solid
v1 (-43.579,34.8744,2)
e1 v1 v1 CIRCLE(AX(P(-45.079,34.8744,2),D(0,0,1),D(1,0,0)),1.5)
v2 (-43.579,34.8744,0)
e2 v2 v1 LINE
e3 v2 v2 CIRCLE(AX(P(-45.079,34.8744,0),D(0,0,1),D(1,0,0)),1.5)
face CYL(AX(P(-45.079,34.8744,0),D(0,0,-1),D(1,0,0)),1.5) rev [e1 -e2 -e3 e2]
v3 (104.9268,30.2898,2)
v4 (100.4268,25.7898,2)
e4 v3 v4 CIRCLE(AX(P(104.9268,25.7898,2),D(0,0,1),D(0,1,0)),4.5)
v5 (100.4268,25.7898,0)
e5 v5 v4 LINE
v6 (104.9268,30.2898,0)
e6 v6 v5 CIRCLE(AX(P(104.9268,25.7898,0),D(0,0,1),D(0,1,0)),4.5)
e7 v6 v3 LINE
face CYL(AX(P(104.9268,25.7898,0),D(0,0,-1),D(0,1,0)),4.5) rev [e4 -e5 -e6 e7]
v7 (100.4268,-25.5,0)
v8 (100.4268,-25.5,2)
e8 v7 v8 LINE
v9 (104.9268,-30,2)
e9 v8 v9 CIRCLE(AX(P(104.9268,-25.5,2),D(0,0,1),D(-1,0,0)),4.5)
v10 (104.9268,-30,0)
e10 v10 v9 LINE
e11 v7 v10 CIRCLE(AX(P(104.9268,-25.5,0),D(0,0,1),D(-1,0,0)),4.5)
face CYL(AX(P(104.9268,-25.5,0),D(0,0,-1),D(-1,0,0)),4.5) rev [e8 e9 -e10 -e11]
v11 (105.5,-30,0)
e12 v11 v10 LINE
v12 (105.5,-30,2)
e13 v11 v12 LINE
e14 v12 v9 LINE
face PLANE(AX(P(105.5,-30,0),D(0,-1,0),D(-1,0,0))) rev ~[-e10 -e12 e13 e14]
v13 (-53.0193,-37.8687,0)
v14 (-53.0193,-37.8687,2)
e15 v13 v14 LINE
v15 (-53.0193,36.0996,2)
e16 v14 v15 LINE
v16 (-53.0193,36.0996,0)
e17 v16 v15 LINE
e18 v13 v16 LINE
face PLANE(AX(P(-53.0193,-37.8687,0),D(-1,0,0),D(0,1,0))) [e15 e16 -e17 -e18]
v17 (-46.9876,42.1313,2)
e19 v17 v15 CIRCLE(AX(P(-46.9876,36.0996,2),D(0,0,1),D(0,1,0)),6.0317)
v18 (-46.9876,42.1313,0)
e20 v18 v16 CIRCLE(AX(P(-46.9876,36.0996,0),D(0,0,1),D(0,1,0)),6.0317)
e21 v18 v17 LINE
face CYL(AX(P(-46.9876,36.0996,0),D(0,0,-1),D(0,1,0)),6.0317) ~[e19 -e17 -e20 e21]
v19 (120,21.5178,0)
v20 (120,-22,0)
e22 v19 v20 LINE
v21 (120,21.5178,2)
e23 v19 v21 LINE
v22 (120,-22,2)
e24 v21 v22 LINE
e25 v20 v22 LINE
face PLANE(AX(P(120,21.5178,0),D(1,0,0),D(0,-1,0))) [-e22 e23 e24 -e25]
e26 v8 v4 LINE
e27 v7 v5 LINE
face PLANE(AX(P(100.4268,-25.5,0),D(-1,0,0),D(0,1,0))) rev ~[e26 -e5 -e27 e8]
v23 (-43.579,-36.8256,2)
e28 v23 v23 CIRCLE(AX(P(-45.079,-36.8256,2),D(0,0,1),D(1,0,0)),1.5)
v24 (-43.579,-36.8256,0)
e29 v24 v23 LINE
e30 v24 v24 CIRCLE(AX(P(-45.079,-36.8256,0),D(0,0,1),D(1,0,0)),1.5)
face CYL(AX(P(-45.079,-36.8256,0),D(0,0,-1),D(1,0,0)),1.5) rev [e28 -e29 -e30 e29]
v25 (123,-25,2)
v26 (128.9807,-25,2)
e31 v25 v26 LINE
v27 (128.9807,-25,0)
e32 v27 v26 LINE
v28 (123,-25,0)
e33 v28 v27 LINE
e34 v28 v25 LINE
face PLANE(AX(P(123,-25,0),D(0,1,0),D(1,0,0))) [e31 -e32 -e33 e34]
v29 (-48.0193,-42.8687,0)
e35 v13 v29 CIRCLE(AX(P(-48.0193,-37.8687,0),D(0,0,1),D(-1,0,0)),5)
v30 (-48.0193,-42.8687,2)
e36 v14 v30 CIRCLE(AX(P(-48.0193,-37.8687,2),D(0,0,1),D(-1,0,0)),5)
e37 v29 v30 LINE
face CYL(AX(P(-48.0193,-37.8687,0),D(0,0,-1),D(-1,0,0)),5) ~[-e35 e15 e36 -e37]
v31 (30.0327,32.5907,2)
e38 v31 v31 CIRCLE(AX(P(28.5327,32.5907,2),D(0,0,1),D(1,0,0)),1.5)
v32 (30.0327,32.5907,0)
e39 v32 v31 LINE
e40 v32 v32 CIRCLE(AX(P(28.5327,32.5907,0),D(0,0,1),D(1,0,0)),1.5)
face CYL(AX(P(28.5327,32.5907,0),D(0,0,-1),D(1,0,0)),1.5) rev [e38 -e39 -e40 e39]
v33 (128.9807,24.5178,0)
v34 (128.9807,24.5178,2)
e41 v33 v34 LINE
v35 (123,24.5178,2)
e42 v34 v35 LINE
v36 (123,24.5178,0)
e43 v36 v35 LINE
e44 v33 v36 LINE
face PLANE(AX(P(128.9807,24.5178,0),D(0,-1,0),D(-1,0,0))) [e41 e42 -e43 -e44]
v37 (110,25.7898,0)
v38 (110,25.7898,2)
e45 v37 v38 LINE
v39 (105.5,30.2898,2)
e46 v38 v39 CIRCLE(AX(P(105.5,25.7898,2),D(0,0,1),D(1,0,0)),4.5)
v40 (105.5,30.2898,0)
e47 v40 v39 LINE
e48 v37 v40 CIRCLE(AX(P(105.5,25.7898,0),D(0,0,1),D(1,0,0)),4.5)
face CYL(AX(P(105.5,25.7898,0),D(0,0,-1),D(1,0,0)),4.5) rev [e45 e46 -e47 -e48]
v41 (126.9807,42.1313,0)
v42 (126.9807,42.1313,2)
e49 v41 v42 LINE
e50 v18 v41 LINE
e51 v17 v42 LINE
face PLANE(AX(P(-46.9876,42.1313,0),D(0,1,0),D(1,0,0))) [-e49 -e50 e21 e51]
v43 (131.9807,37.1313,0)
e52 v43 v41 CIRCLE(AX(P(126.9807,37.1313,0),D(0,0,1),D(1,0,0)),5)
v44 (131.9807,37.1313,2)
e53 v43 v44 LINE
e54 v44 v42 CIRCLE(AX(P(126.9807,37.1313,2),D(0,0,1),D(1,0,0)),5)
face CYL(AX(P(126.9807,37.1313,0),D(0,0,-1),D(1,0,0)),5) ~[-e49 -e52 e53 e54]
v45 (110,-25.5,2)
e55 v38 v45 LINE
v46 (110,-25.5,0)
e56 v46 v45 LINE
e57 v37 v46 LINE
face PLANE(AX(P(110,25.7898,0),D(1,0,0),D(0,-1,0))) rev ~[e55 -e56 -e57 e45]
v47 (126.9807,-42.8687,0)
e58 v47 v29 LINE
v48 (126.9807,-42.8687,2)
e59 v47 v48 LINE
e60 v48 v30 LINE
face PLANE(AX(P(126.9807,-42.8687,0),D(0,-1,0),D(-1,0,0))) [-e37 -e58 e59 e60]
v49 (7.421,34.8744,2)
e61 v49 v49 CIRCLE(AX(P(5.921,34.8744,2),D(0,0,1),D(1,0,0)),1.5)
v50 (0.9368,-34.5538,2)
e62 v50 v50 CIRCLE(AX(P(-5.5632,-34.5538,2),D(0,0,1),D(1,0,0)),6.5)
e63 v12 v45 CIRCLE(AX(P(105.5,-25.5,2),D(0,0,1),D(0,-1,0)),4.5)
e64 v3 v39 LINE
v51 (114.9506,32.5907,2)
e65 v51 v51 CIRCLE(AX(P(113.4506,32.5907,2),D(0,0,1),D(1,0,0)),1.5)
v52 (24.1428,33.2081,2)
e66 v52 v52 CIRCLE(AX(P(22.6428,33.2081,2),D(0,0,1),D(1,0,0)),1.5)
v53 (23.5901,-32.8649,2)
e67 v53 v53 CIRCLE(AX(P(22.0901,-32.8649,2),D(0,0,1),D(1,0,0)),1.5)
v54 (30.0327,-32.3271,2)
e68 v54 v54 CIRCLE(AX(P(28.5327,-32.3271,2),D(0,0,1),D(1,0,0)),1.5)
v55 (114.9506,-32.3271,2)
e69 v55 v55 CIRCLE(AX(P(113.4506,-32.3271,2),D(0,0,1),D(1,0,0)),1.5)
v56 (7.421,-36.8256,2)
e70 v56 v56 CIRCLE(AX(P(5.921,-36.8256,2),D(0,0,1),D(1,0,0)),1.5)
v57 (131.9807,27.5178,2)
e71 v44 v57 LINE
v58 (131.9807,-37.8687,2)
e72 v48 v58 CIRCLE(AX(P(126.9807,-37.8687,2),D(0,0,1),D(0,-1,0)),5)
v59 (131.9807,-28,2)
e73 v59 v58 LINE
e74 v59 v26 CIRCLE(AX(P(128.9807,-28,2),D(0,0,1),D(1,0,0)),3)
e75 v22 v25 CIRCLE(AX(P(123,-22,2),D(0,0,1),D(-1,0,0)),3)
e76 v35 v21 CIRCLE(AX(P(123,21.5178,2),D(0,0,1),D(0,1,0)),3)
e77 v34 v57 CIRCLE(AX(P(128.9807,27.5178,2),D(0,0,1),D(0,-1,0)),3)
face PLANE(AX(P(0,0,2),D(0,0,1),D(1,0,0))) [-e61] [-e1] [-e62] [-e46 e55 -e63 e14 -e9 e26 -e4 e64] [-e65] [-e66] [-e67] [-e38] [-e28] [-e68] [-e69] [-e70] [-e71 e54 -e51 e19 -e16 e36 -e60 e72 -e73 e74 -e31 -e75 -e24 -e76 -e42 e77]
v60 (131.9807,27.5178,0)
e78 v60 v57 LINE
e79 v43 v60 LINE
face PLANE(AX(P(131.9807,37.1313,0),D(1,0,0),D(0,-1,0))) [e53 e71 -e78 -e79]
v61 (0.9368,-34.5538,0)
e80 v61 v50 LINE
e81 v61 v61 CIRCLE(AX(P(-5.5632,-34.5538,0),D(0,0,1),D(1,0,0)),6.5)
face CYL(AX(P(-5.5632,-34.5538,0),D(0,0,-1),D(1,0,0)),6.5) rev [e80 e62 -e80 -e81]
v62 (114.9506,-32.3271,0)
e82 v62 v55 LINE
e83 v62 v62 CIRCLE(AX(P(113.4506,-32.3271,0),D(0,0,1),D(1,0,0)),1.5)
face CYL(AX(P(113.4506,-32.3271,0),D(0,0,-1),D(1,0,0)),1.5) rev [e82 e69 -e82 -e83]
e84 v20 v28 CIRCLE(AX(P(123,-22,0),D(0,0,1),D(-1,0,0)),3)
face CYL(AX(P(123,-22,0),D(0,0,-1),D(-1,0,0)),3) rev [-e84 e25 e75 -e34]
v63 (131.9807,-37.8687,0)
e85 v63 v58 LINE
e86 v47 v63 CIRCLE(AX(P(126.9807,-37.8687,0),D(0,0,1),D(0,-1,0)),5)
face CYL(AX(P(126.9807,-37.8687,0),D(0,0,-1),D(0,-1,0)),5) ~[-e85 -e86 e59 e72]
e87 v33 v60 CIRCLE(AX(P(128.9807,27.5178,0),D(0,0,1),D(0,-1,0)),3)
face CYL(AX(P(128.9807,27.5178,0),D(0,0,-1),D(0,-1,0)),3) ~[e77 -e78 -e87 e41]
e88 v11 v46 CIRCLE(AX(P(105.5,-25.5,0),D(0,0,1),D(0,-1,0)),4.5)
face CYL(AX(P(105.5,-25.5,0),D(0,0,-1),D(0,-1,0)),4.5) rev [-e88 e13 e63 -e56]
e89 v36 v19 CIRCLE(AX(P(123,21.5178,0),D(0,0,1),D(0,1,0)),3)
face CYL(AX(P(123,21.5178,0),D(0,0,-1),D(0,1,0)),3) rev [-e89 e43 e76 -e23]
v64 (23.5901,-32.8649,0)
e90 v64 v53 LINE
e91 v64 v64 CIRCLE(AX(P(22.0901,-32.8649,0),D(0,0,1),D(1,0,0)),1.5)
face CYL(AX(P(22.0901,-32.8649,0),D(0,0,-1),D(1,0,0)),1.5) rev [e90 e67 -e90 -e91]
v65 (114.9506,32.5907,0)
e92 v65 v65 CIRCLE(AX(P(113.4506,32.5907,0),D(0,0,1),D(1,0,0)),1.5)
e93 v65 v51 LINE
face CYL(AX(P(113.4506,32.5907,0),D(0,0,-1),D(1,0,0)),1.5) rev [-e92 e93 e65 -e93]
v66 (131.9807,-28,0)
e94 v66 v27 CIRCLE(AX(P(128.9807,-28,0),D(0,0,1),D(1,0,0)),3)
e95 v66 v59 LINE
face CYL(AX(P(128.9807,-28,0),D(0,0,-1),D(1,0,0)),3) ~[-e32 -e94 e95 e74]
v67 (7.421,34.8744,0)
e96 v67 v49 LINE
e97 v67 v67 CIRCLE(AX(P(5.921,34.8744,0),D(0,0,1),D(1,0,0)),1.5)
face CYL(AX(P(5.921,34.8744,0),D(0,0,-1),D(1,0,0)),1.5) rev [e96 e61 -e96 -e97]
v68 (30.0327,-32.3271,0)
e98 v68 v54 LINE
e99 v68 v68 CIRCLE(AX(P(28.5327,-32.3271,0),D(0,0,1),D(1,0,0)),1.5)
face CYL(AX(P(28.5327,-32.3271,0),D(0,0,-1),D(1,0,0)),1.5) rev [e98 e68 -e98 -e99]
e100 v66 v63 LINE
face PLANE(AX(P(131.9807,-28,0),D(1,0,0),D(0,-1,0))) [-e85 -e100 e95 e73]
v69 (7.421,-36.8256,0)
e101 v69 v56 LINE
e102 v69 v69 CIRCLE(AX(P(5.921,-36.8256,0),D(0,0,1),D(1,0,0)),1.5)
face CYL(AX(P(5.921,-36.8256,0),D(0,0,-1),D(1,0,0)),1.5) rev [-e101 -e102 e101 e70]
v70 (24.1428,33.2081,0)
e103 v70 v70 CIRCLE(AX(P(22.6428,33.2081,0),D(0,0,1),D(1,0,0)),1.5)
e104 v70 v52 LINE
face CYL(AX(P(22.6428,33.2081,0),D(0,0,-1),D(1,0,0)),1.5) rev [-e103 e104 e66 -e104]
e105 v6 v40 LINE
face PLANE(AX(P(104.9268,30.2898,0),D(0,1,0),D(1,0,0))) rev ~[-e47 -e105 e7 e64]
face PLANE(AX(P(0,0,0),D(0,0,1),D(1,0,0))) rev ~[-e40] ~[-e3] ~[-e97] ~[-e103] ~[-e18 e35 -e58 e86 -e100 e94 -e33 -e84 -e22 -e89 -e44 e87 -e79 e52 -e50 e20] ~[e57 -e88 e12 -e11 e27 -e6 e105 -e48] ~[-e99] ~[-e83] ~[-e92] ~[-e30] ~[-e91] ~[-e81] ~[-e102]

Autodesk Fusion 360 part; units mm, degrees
sketch "Sketch1" plane through (0, 0, 0) normal (0, 0, 1) x (1, 0, 0)
  line L0 (-46.9876, 42.1313) -> (126.9807, 42.1313)
  line L1 (126.9807, -42.8687) -> (-48.0193, -42.8687)
  line L2 (-53.0193, -37.8687) -> (-53.0193, 36.0996)
  arc A0 (-46.9876, 42.1313) -> (-53.0193, 36.0996) centre (-46.9876, 36.0996) ccw
  circle A1 centre (22.0901, -32.8649) radius 1.5
  circle A2 centre (22.6428, 33.2081) radius 1.5
  line L3 (51.8879, 20.2448) -> (51.8879, 20.5459)
  arc A3 (131.9807, 37.1313) -> (126.9807, 42.1313) centre (126.9807, 37.1313) ccw
  arc A4 (126.9807, -42.8687) -> (131.9807, -37.8687) centre (126.9807, -37.8687) ccw
  circle A5 centre (-45.079, 34.8744) radius 1.5
  circle A6 centre (5.921, 34.8744) radius 1.5
  circle A7 centre (-45.079, -36.8256) radius 1.5
  circle A8 centre (5.921, -36.8256) radius 1.5
  arc A9 (-53.0193, -37.8687) -> (-48.0193, -42.8687) centre (-48.0193, -37.8687) ccw
  line L4 (104.9268, 30.2898) -> (105.5, 30.2898)
  line L5 (110, 25.7898) -> (110, -25.5)
  line L6 (105.5, -30) -> (104.9268, -30)
  line L7 (100.4268, -25.5) -> (100.4268, 25.7898)
  arc A10 (104.9268, 30.2898) -> (100.4268, 25.7898) centre (104.9268, 25.7898) ccw
  arc A11 (110, 25.7898) -> (105.5, 30.2898) centre (105.5, 25.7898) ccw
  arc A12 (100.4268, -25.5) -> (104.9268, -30) centre (104.9268, -25.5) ccw
  arc A13 (105.5, -30) -> (110, -25.5) centre (105.5, -25.5) ccw
  line L8 (128.9807, 24.5178) -> (123, 24.5178)
  line L9 (120, 21.5178) -> (120, -22)
  line L10 (123, -25) -> (128.9807, -25)
  line L11 (131.9807, 37.1313) -> (131.9807, 27.5178)
  line L12 (131.9807, -28) -> (131.9807, -37.8687)
  arc A14 (128.9807, 24.5178) -> (131.9807, 27.5178) centre (128.9807, 27.5178) ccw
  arc A15 (123, 24.5178) -> (120, 21.5178) centre (123, 21.5178) ccw
  arc A16 (120, -22) -> (123, -25) centre (123, -22) ccw
  arc A17 (131.9807, -28) -> (128.9807, -25) centre (128.9807, -28) ccw
  circle A18 centre (-5.5632, -34.5538) radius 6.5
  circle A19 centre (113.4506, 32.5907) radius 1.5
  circle A20 centre (113.4506, -32.3271) radius 1.5
  circle A21 centre (28.5327, -32.3271) radius 1.5
  circle A22 centre (28.5327, 32.5907) radius 1.5
  point P0 (-53.0193, 42.1313)
  point P1 (114.0401, 42.1313)
  point P2 (-53.0193, -42.8687)
  point P3 (-68.019, -42.783)
  point P4 (-66.7458, 12.2022)
  point P5 (131.9807, -42.8687)
  dimension "d6" = 85
  dimension "d7" = 15
  dimension "d8" = 55
  dimension "d67" = 3
  dimension "d69" = 3
  dimension "d120" = 5
  dimension "d147" = 51
  dimension "d148" = 71.7
  dimension "d149" = 3
  dimension "d150" = 3
  dimension "d151" = 3
  dimension "d152" = 3
  dimension "d170" = 5
  dimension "d177" = 4.5
  dimension "d183" = 3
  dimension "d184" = 13
  dimension "d190" = 3
  dimension "d191" = 3
  dimension "d192" = 3
  dimension "d193" = 3
extrude "Extrude18" add sketch "Sketch1" along normal blind 2
